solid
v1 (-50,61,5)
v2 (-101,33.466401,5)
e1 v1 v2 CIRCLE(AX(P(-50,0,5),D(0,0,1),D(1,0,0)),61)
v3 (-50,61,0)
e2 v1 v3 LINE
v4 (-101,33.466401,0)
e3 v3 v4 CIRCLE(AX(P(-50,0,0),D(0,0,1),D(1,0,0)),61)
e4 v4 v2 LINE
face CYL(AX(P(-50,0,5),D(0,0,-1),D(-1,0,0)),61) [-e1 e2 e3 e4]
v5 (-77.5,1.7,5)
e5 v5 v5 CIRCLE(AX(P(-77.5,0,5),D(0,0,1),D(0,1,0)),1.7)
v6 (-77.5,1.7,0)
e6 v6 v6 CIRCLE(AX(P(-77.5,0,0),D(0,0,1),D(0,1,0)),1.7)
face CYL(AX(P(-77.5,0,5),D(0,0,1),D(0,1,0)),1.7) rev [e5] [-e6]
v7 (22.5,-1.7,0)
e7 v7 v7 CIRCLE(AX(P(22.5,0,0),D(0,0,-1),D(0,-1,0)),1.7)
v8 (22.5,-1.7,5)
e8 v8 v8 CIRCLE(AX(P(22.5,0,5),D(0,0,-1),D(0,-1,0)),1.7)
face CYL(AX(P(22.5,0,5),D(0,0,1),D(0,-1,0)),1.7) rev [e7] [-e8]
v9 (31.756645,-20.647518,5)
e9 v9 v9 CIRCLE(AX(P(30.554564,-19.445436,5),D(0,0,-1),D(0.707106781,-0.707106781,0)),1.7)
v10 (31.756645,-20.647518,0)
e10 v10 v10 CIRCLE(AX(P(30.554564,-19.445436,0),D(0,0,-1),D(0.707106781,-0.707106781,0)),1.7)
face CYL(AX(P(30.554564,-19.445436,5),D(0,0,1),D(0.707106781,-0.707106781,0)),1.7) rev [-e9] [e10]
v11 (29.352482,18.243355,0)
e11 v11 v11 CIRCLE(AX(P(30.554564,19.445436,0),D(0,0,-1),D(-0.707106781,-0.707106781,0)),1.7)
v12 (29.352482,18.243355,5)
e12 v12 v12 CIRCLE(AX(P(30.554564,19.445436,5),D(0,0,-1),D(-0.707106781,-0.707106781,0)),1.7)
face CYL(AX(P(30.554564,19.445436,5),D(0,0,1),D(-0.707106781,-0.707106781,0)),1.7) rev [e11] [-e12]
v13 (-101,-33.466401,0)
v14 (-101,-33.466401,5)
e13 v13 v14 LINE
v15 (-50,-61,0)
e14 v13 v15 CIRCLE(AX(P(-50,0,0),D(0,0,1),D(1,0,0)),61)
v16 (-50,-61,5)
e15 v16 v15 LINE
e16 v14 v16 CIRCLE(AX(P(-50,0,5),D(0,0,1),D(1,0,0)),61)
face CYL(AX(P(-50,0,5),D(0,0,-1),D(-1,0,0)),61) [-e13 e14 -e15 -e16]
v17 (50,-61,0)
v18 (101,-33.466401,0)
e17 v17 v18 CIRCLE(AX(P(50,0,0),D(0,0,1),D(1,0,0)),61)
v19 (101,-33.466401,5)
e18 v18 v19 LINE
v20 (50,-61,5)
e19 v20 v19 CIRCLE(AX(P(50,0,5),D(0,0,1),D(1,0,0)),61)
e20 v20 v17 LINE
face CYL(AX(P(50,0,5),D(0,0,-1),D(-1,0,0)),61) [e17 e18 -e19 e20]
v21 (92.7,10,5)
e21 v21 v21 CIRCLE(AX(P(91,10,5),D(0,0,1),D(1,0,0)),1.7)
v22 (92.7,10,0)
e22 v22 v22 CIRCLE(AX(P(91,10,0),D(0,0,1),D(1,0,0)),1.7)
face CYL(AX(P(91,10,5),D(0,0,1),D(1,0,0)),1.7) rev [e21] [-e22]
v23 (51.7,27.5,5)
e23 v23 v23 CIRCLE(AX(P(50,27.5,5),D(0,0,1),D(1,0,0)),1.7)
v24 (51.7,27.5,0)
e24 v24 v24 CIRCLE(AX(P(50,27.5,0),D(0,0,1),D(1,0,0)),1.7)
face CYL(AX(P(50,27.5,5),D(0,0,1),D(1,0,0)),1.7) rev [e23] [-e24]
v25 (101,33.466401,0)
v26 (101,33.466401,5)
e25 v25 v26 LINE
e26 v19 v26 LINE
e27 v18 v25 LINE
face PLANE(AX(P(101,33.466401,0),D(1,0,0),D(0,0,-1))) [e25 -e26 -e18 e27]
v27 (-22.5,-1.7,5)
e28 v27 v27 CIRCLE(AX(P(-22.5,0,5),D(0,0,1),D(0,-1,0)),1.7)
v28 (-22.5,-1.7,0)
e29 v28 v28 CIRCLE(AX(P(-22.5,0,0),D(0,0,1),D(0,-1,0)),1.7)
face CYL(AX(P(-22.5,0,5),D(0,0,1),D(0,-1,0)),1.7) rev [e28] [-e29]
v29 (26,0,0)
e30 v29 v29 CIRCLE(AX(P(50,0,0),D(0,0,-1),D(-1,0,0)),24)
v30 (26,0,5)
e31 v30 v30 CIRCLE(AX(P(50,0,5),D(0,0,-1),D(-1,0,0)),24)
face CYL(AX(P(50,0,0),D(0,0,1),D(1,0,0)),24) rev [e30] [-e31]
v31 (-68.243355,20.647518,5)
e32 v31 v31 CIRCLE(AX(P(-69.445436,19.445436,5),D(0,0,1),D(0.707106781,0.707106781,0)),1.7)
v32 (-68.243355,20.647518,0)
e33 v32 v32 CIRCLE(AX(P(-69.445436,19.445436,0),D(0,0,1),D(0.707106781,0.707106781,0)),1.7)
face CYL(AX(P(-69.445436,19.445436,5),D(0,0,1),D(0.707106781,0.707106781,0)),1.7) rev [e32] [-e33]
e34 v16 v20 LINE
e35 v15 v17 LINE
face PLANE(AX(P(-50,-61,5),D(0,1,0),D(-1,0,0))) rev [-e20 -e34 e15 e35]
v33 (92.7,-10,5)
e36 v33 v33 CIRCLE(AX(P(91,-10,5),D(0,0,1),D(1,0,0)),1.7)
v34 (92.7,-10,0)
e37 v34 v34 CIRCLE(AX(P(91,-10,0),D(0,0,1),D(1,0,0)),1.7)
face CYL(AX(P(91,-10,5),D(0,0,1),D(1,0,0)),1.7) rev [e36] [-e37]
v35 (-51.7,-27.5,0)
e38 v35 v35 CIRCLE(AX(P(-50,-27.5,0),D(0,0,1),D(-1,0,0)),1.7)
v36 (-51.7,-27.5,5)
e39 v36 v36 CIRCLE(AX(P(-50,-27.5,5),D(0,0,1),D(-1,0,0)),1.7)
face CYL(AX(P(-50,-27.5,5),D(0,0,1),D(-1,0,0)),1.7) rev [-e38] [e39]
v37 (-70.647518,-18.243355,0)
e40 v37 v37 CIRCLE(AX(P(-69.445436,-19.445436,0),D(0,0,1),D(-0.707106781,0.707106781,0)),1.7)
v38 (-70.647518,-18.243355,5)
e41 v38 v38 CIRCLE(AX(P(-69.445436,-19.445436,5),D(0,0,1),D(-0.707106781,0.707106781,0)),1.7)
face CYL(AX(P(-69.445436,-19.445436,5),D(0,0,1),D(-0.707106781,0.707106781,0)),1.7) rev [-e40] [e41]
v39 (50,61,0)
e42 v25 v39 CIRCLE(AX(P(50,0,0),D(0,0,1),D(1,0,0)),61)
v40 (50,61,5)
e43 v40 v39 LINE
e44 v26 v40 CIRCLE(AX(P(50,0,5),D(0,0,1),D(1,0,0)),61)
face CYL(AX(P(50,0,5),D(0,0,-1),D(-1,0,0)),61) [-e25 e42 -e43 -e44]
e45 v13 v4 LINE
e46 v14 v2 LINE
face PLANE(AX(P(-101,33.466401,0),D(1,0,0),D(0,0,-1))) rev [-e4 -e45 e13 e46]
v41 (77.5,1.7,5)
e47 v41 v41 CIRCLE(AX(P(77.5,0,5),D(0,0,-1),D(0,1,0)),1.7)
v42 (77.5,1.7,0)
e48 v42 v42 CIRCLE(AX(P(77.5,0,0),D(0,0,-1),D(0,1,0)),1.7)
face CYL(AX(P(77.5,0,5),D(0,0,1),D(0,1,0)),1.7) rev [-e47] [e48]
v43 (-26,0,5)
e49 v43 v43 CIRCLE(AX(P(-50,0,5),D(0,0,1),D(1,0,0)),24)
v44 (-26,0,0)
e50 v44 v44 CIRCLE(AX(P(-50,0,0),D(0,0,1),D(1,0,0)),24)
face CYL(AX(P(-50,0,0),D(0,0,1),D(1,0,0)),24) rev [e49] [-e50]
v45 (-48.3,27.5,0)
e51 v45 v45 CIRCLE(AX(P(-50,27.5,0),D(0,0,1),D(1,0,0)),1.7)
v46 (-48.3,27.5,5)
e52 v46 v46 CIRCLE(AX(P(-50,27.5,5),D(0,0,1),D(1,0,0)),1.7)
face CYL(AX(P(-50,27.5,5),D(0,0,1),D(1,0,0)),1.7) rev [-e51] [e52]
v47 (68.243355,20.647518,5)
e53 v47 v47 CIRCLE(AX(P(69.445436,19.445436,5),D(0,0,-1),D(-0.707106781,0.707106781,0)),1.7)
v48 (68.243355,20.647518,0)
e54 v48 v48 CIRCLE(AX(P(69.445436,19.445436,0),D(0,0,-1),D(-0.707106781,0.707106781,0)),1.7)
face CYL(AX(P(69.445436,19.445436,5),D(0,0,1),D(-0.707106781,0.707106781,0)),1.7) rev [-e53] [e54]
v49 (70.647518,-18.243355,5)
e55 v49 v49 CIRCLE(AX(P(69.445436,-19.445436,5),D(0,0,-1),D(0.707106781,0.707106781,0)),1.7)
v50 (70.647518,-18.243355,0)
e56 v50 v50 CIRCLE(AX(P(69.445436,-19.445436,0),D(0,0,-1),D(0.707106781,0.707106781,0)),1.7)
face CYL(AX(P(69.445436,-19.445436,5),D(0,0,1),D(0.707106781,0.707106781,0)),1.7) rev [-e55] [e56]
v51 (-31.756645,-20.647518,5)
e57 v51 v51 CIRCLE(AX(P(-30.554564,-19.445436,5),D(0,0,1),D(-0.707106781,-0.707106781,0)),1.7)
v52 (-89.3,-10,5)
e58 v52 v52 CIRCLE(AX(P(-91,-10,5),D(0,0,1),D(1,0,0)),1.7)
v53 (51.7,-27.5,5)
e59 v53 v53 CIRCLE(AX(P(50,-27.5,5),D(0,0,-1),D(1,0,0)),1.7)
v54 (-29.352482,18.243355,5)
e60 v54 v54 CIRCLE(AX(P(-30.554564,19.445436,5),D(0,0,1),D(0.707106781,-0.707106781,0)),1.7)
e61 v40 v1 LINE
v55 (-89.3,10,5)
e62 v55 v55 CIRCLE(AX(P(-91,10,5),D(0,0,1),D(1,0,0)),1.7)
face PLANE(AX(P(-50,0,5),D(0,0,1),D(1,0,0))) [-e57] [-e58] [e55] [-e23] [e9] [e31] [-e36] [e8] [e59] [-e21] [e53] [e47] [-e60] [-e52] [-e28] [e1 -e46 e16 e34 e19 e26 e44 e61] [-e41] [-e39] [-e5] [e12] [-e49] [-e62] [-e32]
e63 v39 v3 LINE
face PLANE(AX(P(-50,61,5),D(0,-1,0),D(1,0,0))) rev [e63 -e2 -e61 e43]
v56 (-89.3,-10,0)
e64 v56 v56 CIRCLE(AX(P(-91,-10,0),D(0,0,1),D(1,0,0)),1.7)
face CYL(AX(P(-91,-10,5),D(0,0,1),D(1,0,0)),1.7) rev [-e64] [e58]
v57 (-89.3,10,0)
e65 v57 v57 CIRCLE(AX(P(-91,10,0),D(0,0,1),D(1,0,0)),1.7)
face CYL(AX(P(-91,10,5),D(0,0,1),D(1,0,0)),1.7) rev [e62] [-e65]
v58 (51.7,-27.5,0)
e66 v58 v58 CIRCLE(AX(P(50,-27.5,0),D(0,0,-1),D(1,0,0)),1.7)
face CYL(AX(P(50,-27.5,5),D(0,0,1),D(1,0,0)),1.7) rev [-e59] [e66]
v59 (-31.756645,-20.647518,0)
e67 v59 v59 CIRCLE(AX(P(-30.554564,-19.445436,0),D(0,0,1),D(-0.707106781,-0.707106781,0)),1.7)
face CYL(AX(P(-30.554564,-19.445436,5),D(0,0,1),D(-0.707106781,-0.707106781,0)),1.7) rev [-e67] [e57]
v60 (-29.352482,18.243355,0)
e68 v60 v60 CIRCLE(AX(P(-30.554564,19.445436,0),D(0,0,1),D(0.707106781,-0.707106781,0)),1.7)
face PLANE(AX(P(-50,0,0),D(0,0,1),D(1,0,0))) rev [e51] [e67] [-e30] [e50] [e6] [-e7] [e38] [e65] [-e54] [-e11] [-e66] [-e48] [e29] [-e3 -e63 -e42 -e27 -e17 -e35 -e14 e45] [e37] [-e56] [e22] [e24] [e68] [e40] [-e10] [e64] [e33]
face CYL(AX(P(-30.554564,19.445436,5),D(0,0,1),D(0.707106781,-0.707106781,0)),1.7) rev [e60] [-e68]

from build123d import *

# Parameters (mm, degrees)
EXTRUDE_1_DEPTH          = 5
SKETCH_2_R               = 24
CUT_EXTRUDE_1_DEPTH      = 6
HOLE_WIZARD_M3_1_D       = 3.4
PATTERN_CIRCULAR_1_COUNT = 8
MIRROR_1_COPY_1_D        = 3.4
MIRROR_1_COPY_2_D        = 3.4
MIRROR_1_COPY_3_D        = 3.4
MIRROR_1_COPY_4_D        = 3.4
MIRROR_1_COPY_5_D        = 3.4
MIRROR_1_COPY_6_D        = 3.4
MIRROR_1_COPY_7_D        = 3.4
CUT_EXTRUDE_2_DEPTH      = 6
HOLE_WIZARD_M3_2_D       = 3.4


with BuildPart() as part:
    # ｽｹｯﾁ1 → ﾎﾞｽ - 押し出し1 (new body)
    with BuildSketch(Plane.XY):
        with BuildLine():
            Line((-50, 61), (50, 61))
            ThreePointArc((50, 61), (111, 0), (50, -61))
            Line((50, -61), (-50, -61))
            ThreePointArc((-50, -61), (-111, 0), (-50, 61))
        make_face()
    extrude(amount=EXTRUDE_1_DEPTH)

    # ｽｹｯﾁ2 → ｶｯﾄ - 押し出し1 (cut, through all)
    with BuildSketch(Plane.XY.offset(5)):
        with Locations((-50, 0)):
            Circle(SKETCH_2_R)
    cut_extrude_1 = extrude(amount=-CUT_EXTRUDE_1_DEPTH, mode=Mode.SUBTRACT)

    # M3 すきま穴1 (through all)
    with Locations(Plane.XY.offset(5)):
        with Locations((-50, 27.5)):
            hole_wizard_m3_1 = Hole(HOLE_WIZARD_M3_1_D / 2)

    # 円形ﾊﾟﾀｰﾝ1: M3 すきま穴1 ×8 about axis
    pattern_circular_1_axis = Axis((-50, 0, 0), (0, 0, 1))
    for i in range(1, PATTERN_CIRCULAR_1_COUNT):
        add(hole_wizard_m3_1.rotate(pattern_circular_1_axis, i * 360 / PATTERN_CIRCULAR_1_COUNT), mode=Mode.SUBTRACT)

    # ﾐﾗｰ1: ｶｯﾄ - 押し出し1, M3 すきま穴1 across plane
    add(cut_extrude_1.mirror(Plane(origin=(0, 0, 0), x_dir=(0, 0, 1), z_dir=(1, 0, 0))), mode=Mode.SUBTRACT)
    add(hole_wizard_m3_1.mirror(Plane(origin=(0, 0, 0), x_dir=(0, 0, 1), z_dir=(1, 0, 0))), mode=Mode.SUBTRACT)

    # ﾐﾗｰ1 copy 1 (through all)
    with Locations(Plane(origin=(14.644660941, 35.355339059, 5), x_dir=(-0.707106781, 0.707106781, 0), z_dir=(0, 0, 1))):
        with Locations((-50, -27.5)):
            Hole(MIRROR_1_COPY_1_D / 2)

    # ﾐﾗｰ1 copy 2 (through all)
    with Locations(Plane(origin=(50, 50, 5), x_dir=(0, 1, 0), z_dir=(0, 0, 1))):
        with Locations((-50, -27.5)):
            Hole(MIRROR_1_COPY_2_D / 2)

    # ﾐﾗｰ1 copy 3 (through all)
    with Locations(Plane(origin=(85.355339059, 35.355339059, 5), x_dir=(0.707106781, 0.707106781, 0), z_dir=(0, 0, 1))):
        with Locations((-50, -27.5)):
            Hole(MIRROR_1_COPY_3_D / 2)

    # ﾐﾗｰ1 copy 4 (through all)
    with Locations(Plane(origin=(100, 0, 5), x_dir=(1, 0, 0), z_dir=(0, 0, 1))):
        with Locations((-50, -27.5)):
            Hole(MIRROR_1_COPY_4_D / 2)

    # ﾐﾗｰ1 copy 5 (through all)
    with Locations(Plane(origin=(85.355339059, -35.355339059, 5), x_dir=(0.707106781, -0.707106781, 0), z_dir=(0, 0, 1))):
        with Locations((-50, -27.5)):
            Hole(MIRROR_1_COPY_5_D / 2)

    # ﾐﾗｰ1 copy 6 (through all)
    with Locations(Plane(origin=(50, -50, 5), x_dir=(0, -1, 0), z_dir=(0, 0, 1))):
        with Locations((-50, -27.5)):
            Hole(MIRROR_1_COPY_6_D / 2)

    # ﾐﾗｰ1 copy 7 (through all)
    with Locations(Plane(origin=(14.644660941, -35.355339059, 5), x_dir=(-0.707106781, -0.707106781, 0), z_dir=(0, 0, 1))):
        with Locations((-50, -27.5)):
            Hole(MIRROR_1_COPY_7_D / 2)

    # ｽｹｯﾁ5 → ｶｯﾄ - 押し出し2 (cut, through all)
    with BuildSketch(Plane.XY.offset(5)):
        with BuildLine():
            Line((-101, 33.466401061), (-101, -33.466401061))
            ThreePointArc((-101, -33.466401061), (-111, 0), (-101, 33.466401061))
        make_face()
    cut_extrude_2 = extrude(amount=-CUT_EXTRUDE_2_DEPTH, mode=Mode.SUBTRACT)

    # M3 すきま穴2 (through all)
    with Locations(Plane.XY.offset(5)):
        with Locations((-91, 10), (-91, -10)):
            hole_wizard_m3_2 = Hole(HOLE_WIZARD_M3_2_D / 2)

    # ﾐﾗｰ2: ｶｯﾄ - 押し出し2, M3 すきま穴2 across plane
    add(cut_extrude_2.mirror(Plane(origin=(0, 0, 0), x_dir=(0, 0, 1), z_dir=(1, 0, 0))), mode=Mode.SUBTRACT)
    add(hole_wizard_m3_2.mirror(Plane(origin=(0, 0, 0), x_dir=(0, 0, 1), z_dir=(1, 0, 0))), mode=Mode.SUBTRACT)


solid = part.part
